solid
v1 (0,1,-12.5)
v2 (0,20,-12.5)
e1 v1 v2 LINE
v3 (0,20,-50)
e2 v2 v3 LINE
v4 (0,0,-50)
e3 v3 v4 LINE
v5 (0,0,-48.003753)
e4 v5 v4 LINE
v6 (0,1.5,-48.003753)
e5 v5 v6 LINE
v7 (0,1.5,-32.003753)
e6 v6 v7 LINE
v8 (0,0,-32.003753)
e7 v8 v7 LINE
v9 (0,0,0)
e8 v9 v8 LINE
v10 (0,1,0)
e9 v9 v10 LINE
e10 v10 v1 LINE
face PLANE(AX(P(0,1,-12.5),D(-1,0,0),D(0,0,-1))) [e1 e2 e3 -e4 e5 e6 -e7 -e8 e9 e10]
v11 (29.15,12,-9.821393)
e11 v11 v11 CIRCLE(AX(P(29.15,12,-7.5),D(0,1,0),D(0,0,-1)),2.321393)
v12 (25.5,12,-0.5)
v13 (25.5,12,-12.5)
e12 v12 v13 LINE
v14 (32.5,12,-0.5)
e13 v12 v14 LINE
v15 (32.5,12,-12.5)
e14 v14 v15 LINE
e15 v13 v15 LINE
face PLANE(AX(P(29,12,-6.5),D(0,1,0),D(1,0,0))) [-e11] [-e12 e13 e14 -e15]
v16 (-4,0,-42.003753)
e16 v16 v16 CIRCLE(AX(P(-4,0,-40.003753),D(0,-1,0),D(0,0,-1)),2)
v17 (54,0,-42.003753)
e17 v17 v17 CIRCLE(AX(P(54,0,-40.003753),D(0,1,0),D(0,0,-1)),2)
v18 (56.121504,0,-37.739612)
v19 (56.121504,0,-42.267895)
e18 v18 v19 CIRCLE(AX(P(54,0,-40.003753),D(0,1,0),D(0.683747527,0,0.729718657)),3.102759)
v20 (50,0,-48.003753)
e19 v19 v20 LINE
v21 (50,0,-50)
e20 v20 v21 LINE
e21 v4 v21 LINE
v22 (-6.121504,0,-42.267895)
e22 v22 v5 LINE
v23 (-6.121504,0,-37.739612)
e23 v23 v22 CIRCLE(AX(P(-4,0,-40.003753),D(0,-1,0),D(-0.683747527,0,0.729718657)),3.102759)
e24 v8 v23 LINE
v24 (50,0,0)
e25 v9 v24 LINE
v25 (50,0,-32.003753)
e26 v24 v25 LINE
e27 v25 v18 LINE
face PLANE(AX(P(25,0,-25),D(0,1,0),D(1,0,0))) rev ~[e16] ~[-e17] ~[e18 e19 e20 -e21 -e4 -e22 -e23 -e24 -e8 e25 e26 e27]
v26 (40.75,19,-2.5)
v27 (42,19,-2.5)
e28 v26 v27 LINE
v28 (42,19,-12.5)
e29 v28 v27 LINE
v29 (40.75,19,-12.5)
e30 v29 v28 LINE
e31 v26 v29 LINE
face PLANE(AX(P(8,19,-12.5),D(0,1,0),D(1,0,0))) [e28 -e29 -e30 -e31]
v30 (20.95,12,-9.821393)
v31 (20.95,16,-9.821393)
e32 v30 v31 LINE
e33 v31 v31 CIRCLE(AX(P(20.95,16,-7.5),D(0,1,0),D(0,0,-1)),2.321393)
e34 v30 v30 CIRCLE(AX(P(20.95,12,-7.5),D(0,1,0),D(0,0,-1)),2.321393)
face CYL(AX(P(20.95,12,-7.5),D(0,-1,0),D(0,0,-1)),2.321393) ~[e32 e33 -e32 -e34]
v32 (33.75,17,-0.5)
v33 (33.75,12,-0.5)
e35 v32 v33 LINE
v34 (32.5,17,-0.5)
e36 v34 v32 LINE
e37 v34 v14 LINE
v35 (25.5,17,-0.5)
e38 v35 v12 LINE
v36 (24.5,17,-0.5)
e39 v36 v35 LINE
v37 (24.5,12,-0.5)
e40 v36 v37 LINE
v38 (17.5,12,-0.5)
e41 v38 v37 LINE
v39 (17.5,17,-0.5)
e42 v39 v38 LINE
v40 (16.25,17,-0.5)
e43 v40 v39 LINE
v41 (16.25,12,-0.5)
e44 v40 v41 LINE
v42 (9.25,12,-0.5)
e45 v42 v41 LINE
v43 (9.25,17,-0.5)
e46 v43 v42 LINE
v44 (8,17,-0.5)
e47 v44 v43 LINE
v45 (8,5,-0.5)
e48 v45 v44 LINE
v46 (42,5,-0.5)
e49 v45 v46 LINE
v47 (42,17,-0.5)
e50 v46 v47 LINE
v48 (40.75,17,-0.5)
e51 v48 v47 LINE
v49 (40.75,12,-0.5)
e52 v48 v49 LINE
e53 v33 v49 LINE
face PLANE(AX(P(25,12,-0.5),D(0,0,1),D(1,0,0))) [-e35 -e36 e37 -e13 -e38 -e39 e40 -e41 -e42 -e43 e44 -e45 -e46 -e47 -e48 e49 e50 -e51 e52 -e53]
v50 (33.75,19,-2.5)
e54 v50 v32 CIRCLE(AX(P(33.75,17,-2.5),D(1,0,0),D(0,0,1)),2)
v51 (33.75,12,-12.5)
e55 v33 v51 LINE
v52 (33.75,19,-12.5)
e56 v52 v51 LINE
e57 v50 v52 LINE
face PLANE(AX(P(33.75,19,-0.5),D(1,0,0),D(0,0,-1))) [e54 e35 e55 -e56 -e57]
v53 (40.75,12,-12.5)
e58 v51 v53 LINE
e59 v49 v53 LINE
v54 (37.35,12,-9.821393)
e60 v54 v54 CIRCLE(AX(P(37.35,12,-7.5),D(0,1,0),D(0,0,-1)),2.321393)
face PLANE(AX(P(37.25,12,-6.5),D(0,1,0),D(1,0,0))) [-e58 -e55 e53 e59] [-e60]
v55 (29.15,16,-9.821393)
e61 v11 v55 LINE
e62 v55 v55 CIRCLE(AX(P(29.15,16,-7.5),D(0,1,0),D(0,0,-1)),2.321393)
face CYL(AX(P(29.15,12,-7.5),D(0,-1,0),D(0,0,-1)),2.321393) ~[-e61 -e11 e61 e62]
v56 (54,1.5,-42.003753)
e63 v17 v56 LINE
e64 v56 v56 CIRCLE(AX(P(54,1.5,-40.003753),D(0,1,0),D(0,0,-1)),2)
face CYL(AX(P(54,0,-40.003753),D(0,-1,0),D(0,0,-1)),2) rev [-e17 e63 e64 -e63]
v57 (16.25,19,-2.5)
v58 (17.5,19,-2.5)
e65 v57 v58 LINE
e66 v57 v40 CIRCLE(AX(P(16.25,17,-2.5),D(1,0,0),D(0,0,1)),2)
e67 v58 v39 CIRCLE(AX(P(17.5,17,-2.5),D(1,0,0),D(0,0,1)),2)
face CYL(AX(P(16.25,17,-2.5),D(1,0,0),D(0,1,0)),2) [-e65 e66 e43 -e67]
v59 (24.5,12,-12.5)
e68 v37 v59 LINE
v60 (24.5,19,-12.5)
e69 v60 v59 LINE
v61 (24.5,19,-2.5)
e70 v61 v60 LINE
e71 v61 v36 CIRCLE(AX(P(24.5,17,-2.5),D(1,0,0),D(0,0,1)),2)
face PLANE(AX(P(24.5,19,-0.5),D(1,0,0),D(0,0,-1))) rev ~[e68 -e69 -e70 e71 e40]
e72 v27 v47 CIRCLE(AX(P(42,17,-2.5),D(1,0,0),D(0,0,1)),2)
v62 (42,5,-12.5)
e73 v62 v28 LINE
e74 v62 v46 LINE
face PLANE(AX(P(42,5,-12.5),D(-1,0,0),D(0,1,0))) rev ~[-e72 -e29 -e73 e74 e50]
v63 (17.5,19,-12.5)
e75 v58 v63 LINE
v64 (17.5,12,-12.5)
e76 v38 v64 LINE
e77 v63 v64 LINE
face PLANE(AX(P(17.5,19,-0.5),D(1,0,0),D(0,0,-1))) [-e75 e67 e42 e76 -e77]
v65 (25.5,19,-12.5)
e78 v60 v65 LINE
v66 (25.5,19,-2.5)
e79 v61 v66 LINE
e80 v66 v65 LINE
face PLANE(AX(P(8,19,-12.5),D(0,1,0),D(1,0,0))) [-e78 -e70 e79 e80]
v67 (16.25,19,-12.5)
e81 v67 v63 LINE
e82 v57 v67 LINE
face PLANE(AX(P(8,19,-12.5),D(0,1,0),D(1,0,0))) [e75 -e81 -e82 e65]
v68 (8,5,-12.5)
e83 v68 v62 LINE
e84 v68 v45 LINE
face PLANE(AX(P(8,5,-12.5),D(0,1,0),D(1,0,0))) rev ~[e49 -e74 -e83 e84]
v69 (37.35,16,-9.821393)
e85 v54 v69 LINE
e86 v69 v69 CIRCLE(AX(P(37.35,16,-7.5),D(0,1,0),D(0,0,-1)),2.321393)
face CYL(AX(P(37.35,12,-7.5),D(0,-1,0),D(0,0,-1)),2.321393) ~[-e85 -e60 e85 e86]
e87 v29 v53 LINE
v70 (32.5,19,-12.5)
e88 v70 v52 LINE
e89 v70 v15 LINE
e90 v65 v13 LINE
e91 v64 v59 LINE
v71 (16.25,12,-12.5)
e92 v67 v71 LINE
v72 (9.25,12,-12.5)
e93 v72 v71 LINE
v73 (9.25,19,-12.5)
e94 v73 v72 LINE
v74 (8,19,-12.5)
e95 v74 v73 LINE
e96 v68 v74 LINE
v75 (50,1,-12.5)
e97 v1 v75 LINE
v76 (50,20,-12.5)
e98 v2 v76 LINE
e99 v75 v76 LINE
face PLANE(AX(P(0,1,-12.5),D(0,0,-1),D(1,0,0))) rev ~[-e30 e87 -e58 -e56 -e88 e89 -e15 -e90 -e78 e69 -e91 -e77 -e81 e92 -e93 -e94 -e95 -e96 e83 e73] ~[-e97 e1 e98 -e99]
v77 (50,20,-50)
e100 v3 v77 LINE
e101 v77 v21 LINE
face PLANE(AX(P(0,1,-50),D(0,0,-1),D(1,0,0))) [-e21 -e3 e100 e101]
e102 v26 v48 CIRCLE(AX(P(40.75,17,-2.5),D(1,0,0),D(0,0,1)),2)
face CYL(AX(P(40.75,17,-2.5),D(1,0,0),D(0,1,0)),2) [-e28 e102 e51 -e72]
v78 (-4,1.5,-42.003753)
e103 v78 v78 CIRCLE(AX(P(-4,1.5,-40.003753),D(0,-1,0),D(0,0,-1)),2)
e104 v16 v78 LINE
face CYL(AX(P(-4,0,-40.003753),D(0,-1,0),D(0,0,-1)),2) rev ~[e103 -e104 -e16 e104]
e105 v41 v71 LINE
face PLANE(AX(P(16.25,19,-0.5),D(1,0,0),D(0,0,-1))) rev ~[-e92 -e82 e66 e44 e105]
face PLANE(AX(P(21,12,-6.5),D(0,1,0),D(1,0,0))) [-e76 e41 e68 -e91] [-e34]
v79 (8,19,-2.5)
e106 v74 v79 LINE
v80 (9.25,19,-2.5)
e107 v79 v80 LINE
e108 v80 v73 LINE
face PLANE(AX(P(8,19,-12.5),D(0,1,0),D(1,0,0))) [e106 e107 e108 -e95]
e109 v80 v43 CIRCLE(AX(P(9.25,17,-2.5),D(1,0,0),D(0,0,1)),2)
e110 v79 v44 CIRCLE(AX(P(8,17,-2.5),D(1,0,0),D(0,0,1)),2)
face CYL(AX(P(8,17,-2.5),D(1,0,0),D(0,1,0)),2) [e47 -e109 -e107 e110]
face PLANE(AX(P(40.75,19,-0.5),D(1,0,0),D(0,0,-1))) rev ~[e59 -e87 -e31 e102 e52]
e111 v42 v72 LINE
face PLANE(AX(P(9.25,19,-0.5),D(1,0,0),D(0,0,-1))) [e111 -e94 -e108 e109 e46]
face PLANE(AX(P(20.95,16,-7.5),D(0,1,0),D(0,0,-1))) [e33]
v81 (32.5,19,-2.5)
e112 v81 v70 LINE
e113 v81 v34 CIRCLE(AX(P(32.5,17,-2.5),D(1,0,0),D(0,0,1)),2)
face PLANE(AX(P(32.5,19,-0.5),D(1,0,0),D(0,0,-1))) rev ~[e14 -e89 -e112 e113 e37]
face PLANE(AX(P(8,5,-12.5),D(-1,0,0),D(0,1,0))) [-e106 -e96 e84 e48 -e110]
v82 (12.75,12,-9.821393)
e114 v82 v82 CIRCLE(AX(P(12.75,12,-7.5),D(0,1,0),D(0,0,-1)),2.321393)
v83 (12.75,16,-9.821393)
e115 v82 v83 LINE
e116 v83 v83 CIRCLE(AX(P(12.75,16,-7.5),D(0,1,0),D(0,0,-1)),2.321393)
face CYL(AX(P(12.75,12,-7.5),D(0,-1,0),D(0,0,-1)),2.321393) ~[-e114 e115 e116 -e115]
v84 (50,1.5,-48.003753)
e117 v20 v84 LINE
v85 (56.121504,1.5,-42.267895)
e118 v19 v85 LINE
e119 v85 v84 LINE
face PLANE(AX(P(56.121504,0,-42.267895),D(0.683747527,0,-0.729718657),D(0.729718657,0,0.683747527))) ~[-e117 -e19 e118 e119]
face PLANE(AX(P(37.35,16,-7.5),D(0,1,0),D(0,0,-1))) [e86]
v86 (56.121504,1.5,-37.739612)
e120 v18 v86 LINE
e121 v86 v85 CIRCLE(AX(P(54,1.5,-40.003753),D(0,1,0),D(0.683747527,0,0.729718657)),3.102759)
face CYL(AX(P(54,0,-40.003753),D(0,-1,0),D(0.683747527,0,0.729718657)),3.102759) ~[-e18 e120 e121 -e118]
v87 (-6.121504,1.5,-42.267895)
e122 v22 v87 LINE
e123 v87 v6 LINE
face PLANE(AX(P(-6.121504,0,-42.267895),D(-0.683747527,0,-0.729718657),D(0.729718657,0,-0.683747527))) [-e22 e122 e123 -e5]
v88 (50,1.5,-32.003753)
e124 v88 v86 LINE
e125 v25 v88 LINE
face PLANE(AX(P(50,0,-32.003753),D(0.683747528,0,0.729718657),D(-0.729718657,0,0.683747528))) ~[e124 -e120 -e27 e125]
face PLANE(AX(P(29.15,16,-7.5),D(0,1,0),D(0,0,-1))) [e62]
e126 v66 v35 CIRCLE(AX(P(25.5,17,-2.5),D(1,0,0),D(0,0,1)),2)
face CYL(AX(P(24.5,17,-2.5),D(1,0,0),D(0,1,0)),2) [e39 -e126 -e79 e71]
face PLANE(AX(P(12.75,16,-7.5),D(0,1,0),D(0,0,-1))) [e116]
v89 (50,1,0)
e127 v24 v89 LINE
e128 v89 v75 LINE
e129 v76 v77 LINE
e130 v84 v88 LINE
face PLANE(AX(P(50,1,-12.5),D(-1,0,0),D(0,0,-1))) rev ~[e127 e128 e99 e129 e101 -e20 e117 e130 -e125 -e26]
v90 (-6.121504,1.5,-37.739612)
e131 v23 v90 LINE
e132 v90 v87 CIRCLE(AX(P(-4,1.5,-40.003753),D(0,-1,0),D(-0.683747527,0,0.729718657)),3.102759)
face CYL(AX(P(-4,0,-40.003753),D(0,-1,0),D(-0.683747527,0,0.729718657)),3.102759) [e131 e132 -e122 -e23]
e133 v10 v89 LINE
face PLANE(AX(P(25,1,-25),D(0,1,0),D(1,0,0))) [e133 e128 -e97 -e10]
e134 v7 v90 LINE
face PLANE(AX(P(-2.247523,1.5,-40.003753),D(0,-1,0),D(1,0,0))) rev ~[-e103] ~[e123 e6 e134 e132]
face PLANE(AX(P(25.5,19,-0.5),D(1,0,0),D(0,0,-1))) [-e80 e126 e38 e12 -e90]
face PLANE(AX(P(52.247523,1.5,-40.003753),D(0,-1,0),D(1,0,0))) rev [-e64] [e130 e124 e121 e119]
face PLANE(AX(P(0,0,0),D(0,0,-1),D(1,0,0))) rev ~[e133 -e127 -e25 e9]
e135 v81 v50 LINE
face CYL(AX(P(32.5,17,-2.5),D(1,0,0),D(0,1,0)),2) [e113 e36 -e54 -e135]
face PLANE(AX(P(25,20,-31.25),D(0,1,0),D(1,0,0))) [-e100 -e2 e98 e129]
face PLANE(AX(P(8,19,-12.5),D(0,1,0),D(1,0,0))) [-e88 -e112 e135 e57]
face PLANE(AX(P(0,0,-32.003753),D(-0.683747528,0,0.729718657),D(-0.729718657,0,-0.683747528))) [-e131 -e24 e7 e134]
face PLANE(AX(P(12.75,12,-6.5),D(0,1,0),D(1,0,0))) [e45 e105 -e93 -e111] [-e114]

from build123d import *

# Parameters (mm, degrees)
SKETCH1_W           = 50
SKETCH1_H           = 50
BOSS_EXTRUDE1_DEPTH = 1
SKETCH2_W           = 50
SKETCH2_H           = 37.5
BOSS_EXTRUDE2_DEPTH = 19
SKETCH3_W           = 34
SKETCH3_H           = 14
BOSS_EXTRUDE3_DEPTH = 12
SKETCH4_R           = 2
BOSS_EXTRUDE4_DEPTH = 1.5
SKETCH5_W           = 7
SKETCH5_H           = 12
CUT_EXTRUDE1_DEPTH  = 7
FILLET1_R           = 2
SKETCH6_R           = 2.32139267
BOSS_EXTRUDE5_DEPTH = 4
LPATTERN1_COUNT     = 4
LPATTERN1_PITCH     = 8.2


with BuildPart() as part:
    # Sketch1 → Boss-Extrude1 (new body)
    with BuildSketch(Plane(origin=(0, 0, 0), x_dir=(1, 0, 0), z_dir=(0, 1, 0))):
        with Locations((25, 25)):
            Rectangle(SKETCH1_W, SKETCH1_H)
    extrude(amount=BOSS_EXTRUDE1_DEPTH)

    # Sketch2 → Boss-Extrude2 (add)
    with BuildSketch(Plane(origin=(0, 1, 0), x_dir=(1, 0, 0), z_dir=(0, 1, 0))):
        with Locations((25, 31.25)):
            Rectangle(SKETCH2_W, SKETCH2_H)
    extrude(amount=BOSS_EXTRUDE2_DEPTH)

    # Sketch3 → Boss-Extrude3 (add)
    with BuildSketch(Plane.XY.offset(-12.5)):
        with Locations((25, 12)):
            Rectangle(SKETCH3_W, SKETCH3_H)
    extrude(amount=BOSS_EXTRUDE3_DEPTH)

    # Sketch4 → Boss-Extrude4 (add)
    with BuildSketch(Plane.XZ):
        with BuildLine():
            Line((0, -32.003753373), (-6.121503896, -37.739612135))
            ThreePointArc((-6.121503896, -37.739612135), (-7.102759148, -40.003753373), (-6.121503896, -42.267894612))
            Line((-6.121503896, -42.267894612), (0, -48.003753373))
            Line((0, -48.003753373), (0, -32.003753373))
        make_face()
        with Locations(Location((-4, -40.003753373, 0), (0, 0, 270))):
            Circle(SKETCH4_R, mode=Mode.SUBTRACT)
    boss_extrude4 = extrude(amount=-BOSS_EXTRUDE4_DEPTH)

    # Mirror1: Boss-Extrude4 across plane
    add(boss_extrude4.mirror(Plane.ZY.offset(-25)))

    # Sketch5 → Cut-Extrude1 (cut)
    with BuildSketch(Plane(origin=(0, 19, 0), x_dir=(1, 0, 0), z_dir=(0, 1, 0))):
        with Locations((21, 6.5)):
            Rectangle(SKETCH5_W, SKETCH5_H)
        with Locations((29, 6.5)):
            Rectangle(SKETCH5_W, SKETCH5_H)
        with Locations((37.25, 6.5)):
            Rectangle(SKETCH5_W, SKETCH5_H)
        with Locations((12.75, 6.5)):
            Rectangle(SKETCH5_W, SKETCH5_H)
    extrude(amount=-CUT_EXTRUDE1_DEPTH, mode=Mode.SUBTRACT)

    # Fillet1
    fillet1_edges = [part.edges().sort_by_distance(p)[0] for p in [
        (41.375, 19, -0.5),
        (33.125, 19, -0.5),
        (25, 19, -0.5),
        (16.875, 19, -0.5),
        (8.625, 19, -0.5),
    ]]
    fillet(fillet1_edges, radius=FILLET1_R)

    # Sketch6 → Boss-Extrude5 (add)
    with BuildSketch(Plane(origin=(0, 12, 0), x_dir=(1, 0, 0), z_dir=(0, 1, 0))):
        with Locations(Location((12.75, 7.5, 0), (0, 0, 90))):
            Circle(SKETCH6_R)
    boss_extrude5 = extrude(amount=BOSS_EXTRUDE5_DEPTH)

    # LPattern1: Boss-Extrude5 ×4
    with Locations(*[(i * LPATTERN1_PITCH, 0, 0) for i in range(1, LPATTERN1_COUNT)]):
        add(boss_extrude5)


solid = part.part
